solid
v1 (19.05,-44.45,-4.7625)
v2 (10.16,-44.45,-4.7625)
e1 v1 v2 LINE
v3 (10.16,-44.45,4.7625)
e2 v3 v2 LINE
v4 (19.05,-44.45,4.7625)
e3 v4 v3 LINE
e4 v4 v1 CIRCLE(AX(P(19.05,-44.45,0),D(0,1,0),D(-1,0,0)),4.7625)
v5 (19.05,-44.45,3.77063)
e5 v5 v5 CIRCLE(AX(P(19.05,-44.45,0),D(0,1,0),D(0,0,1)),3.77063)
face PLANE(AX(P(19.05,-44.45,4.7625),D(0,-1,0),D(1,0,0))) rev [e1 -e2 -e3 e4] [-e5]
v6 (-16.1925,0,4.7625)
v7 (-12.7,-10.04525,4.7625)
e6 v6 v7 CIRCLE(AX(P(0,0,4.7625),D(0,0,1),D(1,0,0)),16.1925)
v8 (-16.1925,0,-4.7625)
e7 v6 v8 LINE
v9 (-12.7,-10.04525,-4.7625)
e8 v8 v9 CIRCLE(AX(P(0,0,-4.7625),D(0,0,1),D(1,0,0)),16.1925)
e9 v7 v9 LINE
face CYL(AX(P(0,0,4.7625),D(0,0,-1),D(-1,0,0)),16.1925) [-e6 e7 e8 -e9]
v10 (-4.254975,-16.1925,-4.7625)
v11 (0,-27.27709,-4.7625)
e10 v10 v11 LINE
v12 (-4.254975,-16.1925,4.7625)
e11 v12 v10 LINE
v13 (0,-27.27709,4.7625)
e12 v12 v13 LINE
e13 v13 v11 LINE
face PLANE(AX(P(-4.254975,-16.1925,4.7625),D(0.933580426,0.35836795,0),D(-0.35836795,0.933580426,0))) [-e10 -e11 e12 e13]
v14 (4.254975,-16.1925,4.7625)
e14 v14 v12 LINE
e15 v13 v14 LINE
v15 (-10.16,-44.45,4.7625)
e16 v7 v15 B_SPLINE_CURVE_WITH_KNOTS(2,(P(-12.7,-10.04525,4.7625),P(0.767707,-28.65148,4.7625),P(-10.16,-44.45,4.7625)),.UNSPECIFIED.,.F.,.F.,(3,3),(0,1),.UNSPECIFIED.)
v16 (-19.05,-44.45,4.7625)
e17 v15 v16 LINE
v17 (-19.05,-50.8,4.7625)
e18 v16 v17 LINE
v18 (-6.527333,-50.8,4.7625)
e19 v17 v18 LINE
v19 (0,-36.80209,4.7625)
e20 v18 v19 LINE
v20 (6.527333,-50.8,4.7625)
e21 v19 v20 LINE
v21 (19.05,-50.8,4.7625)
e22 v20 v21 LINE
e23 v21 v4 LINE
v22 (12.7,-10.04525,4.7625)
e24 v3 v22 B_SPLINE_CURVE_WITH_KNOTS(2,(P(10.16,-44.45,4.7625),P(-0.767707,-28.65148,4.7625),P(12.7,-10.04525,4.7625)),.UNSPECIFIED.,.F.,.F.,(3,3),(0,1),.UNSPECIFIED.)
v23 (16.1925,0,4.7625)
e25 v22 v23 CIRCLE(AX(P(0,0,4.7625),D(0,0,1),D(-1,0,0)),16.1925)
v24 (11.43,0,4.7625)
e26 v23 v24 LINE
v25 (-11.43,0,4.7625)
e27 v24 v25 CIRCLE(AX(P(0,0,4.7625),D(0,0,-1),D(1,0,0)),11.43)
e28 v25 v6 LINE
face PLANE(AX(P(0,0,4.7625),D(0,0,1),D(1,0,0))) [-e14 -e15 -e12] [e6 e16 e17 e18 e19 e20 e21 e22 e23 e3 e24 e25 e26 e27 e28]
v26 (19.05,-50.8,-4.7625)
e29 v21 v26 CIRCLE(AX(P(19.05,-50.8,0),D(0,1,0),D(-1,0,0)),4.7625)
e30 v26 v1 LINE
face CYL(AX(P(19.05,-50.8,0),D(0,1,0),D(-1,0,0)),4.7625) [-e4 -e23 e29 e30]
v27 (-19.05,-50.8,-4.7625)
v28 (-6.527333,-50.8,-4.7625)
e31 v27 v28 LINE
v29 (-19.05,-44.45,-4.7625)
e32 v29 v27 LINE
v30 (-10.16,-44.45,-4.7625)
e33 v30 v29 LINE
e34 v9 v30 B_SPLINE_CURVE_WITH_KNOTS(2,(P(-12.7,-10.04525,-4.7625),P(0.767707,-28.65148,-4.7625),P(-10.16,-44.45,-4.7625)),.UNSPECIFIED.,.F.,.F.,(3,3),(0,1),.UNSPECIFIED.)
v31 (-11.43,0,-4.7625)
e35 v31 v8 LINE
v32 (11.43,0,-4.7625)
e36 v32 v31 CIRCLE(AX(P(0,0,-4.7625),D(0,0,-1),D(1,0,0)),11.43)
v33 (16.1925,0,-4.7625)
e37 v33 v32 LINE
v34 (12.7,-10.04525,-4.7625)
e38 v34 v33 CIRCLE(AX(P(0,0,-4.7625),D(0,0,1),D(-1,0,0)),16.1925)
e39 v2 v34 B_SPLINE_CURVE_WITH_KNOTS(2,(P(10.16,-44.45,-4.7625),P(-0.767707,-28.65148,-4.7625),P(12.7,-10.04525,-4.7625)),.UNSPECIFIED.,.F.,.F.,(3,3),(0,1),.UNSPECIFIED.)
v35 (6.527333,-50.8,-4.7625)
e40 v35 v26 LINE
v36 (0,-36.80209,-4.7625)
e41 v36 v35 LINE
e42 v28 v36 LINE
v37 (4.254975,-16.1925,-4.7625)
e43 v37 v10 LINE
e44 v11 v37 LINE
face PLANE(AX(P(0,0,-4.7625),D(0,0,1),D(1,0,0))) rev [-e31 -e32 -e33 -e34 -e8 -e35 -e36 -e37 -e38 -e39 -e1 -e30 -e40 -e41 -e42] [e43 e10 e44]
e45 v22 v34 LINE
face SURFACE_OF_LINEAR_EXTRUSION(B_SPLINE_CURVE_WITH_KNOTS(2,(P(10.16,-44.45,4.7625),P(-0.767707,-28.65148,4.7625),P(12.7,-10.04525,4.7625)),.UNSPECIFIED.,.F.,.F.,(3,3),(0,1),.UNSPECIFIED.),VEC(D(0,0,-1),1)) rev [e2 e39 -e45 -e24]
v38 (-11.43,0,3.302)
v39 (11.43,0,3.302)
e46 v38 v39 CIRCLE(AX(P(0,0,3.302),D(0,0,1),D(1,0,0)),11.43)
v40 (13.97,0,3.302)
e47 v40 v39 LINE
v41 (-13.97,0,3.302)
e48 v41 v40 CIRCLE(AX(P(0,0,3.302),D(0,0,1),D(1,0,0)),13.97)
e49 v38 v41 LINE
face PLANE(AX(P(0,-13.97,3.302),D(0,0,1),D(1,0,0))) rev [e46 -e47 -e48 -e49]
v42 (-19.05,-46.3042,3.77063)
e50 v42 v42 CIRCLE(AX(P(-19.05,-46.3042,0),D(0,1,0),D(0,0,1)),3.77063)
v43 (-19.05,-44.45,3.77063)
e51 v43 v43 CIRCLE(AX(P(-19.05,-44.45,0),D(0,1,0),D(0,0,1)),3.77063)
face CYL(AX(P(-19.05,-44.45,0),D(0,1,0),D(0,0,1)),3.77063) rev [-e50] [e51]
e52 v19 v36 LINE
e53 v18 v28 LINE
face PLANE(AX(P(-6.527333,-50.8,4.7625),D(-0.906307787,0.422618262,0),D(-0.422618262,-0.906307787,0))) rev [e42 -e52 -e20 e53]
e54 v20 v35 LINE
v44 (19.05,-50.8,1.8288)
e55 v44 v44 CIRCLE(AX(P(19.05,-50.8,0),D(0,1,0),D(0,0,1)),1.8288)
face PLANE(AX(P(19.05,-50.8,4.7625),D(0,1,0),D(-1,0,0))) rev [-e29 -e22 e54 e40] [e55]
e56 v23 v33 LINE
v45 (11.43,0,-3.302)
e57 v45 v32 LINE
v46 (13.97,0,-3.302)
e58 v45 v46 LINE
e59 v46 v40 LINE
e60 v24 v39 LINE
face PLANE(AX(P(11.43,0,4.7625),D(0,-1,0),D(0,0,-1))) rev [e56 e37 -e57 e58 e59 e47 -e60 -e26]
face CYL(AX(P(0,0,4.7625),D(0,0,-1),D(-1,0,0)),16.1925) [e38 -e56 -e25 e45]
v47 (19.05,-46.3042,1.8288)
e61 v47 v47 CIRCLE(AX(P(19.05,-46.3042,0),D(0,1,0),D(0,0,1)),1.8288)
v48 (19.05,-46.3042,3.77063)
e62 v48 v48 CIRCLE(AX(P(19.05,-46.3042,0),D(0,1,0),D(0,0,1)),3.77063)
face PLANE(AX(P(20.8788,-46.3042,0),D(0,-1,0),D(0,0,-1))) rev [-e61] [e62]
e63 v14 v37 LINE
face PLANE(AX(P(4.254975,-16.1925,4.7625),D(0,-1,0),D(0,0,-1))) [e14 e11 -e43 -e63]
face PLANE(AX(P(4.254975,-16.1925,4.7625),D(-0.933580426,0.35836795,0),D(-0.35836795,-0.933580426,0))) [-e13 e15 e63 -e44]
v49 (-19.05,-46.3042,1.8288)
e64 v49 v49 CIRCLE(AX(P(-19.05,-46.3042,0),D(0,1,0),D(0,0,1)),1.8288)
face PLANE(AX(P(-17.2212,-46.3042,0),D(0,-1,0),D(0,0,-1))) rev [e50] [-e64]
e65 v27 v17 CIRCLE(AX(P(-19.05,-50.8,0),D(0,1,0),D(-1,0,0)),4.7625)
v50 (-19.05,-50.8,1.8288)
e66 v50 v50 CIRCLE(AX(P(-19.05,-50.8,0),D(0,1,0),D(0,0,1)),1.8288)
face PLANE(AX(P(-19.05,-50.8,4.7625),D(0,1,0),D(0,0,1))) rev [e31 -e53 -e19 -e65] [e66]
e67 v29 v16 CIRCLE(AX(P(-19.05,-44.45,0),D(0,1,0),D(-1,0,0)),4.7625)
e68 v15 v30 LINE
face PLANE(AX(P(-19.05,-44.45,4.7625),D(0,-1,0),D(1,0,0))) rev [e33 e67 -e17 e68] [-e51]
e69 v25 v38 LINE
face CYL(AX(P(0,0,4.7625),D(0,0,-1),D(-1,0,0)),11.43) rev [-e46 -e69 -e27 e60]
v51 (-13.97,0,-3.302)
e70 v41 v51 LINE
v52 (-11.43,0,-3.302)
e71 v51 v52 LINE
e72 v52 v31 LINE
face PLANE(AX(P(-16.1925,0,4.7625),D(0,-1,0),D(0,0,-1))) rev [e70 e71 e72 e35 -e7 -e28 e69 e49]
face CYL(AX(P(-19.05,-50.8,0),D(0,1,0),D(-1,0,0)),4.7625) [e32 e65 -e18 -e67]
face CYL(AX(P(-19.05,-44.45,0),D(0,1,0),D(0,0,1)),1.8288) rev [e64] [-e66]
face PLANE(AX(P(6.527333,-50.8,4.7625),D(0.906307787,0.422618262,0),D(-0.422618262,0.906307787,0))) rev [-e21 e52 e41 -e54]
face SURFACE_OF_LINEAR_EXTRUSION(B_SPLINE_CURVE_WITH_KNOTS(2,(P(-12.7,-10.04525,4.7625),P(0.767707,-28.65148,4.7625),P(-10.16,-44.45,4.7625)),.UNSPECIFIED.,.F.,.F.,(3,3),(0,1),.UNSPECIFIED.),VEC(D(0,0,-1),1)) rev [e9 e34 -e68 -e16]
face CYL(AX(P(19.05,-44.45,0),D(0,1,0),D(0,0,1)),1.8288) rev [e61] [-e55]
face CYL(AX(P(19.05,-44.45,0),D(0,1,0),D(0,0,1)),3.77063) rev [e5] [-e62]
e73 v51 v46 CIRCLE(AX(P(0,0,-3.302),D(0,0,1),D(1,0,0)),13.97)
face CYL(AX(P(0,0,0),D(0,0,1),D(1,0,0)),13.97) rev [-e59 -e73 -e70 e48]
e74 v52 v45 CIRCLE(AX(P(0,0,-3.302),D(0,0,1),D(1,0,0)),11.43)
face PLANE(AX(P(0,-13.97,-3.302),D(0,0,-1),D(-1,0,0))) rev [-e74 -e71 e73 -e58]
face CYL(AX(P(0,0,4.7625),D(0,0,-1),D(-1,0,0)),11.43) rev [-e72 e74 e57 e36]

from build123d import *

# Parameters (mm, degrees)
BOSS_EXTRUDE1_DEPTH                            = 4.7625
SKETCH4_W                                      = 6.604
SKETCH4_H                                      = 2.54
BOSS_EXTRUDE2_DEPTH                            = 6.35
CBORE_FOR_6_BUTTON_HEAD_CAP_SCREW1_D           = 3.6576
CBORE_FOR_6_BUTTON_HEAD_CAP_SCREW1_DEPTH       = 6.35
CBORE_FOR_6_BUTTON_HEAD_CAP_SCREW1_CBORE_D     = 7.54126
CBORE_FOR_6_BUTTON_HEAD_CAP_SCREW1_CBORE_DEPTH = 1.8542


with BuildPart() as part:
    # Sketch1 → Boss-Extrude1 (new, symmetric)
    with BuildSketch(Plane.XY):
        with BuildLine():
            Line((6.52733268, -50.8), (0, -36.802089895))
            Line((0, -36.802089895), (-6.52733268, -50.8))
            Line((-6.52733268, -50.8), (-19.05, -50.8))
            Line((-19.05, -50.8), (-19.05, -44.45))
            Line((-19.05, -44.45), (-10.16, -44.45))
            add(Edge.make_bspline(
                [(-12.7, -10.045250432), (0.767706839, -28.651479816), (-10.16, -44.45)],
                knots=[0, 0, 0, 1, 1, 1], degree=2))
            ThreePointArc((-12.7, -10.045250432), (-15.29447296, -5.317532616), (-16.1925, 0))
            Line((-16.1925, 0), (-11.43, 0))
            ThreePointArc((-11.43, 0), (0, -11.43), (11.43, 0))
            Line((11.43, 0), (16.1925, 0))
            ThreePointArc((16.1925, 0), (15.29447296, -5.317532616), (12.7, -10.045250432))
            add(Edge.make_bspline(
                [(12.7, -10.045250432), (-0.767706839, -28.651479816), (10.16, -44.45)],
                knots=[0, 0, 0, 1, 1, 1], degree=2))
            Line((10.16, -44.45), (19.05, -44.45))
            Line((19.05, -44.45), (19.05, -50.8))
            Line((19.05, -50.8), (6.52733268, -50.8))
        make_face()
        Polygon((4.254975404, -16.1925), (-4.254975404, -16.1925), (0, -27.277089895), align=None, mode=Mode.SUBTRACT)
    extrude(amount=BOSS_EXTRUDE1_DEPTH, both=True)

    # Sketch4 → Cut-Revolve1 (revolve, cut)
    with BuildSketch(Plane(origin=(0, 0, 0), x_dir=(0, 0, -1), z_dir=(1, 0, 0))):
        with Locations((0, -12.7)):
            Rectangle(SKETCH4_W, SKETCH4_H)
    revolve(axis=Axis((0, 0, 0), (0, 0, -1)), mode=Mode.SUBTRACT)

    # Sketch8 → Boss-Extrude2 (add)
    with BuildSketch(Plane(origin=(0, -44.45, 0), x_dir=(1, 0, 0), z_dir=(0, 1, 0))):
        with BuildLine():
            Line((-19.05, 4.7625), (-19.05, -4.7625))
            ThreePointArc((-19.05, -4.7625), (-23.8125, 0), (-19.05, 4.7625))
        make_face()
        with BuildLine():
            Line((19.05, 4.7625), (19.05, -4.7625))
            ThreePointArc((19.05, -4.7625), (23.8125, 0), (19.05, 4.7625))
        make_face()
    extrude(amount=-BOSS_EXTRUDE2_DEPTH)

    # CBORE for #6 Button Head Cap Screw1
    with Locations(Plane(origin=(0, -44.45, 0), x_dir=(1, 0, 0), z_dir=(0, 1, 0))):
        with Locations((-19.05, 0), (19.05, 0)):
            CounterBoreHole(CBORE_FOR_6_BUTTON_HEAD_CAP_SCREW1_D / 2, CBORE_FOR_6_BUTTON_HEAD_CAP_SCREW1_CBORE_D / 2, CBORE_FOR_6_BUTTON_HEAD_CAP_SCREW1_CBORE_DEPTH, depth=CBORE_FOR_6_BUTTON_HEAD_CAP_SCREW1_DEPTH)


solid = part.part
